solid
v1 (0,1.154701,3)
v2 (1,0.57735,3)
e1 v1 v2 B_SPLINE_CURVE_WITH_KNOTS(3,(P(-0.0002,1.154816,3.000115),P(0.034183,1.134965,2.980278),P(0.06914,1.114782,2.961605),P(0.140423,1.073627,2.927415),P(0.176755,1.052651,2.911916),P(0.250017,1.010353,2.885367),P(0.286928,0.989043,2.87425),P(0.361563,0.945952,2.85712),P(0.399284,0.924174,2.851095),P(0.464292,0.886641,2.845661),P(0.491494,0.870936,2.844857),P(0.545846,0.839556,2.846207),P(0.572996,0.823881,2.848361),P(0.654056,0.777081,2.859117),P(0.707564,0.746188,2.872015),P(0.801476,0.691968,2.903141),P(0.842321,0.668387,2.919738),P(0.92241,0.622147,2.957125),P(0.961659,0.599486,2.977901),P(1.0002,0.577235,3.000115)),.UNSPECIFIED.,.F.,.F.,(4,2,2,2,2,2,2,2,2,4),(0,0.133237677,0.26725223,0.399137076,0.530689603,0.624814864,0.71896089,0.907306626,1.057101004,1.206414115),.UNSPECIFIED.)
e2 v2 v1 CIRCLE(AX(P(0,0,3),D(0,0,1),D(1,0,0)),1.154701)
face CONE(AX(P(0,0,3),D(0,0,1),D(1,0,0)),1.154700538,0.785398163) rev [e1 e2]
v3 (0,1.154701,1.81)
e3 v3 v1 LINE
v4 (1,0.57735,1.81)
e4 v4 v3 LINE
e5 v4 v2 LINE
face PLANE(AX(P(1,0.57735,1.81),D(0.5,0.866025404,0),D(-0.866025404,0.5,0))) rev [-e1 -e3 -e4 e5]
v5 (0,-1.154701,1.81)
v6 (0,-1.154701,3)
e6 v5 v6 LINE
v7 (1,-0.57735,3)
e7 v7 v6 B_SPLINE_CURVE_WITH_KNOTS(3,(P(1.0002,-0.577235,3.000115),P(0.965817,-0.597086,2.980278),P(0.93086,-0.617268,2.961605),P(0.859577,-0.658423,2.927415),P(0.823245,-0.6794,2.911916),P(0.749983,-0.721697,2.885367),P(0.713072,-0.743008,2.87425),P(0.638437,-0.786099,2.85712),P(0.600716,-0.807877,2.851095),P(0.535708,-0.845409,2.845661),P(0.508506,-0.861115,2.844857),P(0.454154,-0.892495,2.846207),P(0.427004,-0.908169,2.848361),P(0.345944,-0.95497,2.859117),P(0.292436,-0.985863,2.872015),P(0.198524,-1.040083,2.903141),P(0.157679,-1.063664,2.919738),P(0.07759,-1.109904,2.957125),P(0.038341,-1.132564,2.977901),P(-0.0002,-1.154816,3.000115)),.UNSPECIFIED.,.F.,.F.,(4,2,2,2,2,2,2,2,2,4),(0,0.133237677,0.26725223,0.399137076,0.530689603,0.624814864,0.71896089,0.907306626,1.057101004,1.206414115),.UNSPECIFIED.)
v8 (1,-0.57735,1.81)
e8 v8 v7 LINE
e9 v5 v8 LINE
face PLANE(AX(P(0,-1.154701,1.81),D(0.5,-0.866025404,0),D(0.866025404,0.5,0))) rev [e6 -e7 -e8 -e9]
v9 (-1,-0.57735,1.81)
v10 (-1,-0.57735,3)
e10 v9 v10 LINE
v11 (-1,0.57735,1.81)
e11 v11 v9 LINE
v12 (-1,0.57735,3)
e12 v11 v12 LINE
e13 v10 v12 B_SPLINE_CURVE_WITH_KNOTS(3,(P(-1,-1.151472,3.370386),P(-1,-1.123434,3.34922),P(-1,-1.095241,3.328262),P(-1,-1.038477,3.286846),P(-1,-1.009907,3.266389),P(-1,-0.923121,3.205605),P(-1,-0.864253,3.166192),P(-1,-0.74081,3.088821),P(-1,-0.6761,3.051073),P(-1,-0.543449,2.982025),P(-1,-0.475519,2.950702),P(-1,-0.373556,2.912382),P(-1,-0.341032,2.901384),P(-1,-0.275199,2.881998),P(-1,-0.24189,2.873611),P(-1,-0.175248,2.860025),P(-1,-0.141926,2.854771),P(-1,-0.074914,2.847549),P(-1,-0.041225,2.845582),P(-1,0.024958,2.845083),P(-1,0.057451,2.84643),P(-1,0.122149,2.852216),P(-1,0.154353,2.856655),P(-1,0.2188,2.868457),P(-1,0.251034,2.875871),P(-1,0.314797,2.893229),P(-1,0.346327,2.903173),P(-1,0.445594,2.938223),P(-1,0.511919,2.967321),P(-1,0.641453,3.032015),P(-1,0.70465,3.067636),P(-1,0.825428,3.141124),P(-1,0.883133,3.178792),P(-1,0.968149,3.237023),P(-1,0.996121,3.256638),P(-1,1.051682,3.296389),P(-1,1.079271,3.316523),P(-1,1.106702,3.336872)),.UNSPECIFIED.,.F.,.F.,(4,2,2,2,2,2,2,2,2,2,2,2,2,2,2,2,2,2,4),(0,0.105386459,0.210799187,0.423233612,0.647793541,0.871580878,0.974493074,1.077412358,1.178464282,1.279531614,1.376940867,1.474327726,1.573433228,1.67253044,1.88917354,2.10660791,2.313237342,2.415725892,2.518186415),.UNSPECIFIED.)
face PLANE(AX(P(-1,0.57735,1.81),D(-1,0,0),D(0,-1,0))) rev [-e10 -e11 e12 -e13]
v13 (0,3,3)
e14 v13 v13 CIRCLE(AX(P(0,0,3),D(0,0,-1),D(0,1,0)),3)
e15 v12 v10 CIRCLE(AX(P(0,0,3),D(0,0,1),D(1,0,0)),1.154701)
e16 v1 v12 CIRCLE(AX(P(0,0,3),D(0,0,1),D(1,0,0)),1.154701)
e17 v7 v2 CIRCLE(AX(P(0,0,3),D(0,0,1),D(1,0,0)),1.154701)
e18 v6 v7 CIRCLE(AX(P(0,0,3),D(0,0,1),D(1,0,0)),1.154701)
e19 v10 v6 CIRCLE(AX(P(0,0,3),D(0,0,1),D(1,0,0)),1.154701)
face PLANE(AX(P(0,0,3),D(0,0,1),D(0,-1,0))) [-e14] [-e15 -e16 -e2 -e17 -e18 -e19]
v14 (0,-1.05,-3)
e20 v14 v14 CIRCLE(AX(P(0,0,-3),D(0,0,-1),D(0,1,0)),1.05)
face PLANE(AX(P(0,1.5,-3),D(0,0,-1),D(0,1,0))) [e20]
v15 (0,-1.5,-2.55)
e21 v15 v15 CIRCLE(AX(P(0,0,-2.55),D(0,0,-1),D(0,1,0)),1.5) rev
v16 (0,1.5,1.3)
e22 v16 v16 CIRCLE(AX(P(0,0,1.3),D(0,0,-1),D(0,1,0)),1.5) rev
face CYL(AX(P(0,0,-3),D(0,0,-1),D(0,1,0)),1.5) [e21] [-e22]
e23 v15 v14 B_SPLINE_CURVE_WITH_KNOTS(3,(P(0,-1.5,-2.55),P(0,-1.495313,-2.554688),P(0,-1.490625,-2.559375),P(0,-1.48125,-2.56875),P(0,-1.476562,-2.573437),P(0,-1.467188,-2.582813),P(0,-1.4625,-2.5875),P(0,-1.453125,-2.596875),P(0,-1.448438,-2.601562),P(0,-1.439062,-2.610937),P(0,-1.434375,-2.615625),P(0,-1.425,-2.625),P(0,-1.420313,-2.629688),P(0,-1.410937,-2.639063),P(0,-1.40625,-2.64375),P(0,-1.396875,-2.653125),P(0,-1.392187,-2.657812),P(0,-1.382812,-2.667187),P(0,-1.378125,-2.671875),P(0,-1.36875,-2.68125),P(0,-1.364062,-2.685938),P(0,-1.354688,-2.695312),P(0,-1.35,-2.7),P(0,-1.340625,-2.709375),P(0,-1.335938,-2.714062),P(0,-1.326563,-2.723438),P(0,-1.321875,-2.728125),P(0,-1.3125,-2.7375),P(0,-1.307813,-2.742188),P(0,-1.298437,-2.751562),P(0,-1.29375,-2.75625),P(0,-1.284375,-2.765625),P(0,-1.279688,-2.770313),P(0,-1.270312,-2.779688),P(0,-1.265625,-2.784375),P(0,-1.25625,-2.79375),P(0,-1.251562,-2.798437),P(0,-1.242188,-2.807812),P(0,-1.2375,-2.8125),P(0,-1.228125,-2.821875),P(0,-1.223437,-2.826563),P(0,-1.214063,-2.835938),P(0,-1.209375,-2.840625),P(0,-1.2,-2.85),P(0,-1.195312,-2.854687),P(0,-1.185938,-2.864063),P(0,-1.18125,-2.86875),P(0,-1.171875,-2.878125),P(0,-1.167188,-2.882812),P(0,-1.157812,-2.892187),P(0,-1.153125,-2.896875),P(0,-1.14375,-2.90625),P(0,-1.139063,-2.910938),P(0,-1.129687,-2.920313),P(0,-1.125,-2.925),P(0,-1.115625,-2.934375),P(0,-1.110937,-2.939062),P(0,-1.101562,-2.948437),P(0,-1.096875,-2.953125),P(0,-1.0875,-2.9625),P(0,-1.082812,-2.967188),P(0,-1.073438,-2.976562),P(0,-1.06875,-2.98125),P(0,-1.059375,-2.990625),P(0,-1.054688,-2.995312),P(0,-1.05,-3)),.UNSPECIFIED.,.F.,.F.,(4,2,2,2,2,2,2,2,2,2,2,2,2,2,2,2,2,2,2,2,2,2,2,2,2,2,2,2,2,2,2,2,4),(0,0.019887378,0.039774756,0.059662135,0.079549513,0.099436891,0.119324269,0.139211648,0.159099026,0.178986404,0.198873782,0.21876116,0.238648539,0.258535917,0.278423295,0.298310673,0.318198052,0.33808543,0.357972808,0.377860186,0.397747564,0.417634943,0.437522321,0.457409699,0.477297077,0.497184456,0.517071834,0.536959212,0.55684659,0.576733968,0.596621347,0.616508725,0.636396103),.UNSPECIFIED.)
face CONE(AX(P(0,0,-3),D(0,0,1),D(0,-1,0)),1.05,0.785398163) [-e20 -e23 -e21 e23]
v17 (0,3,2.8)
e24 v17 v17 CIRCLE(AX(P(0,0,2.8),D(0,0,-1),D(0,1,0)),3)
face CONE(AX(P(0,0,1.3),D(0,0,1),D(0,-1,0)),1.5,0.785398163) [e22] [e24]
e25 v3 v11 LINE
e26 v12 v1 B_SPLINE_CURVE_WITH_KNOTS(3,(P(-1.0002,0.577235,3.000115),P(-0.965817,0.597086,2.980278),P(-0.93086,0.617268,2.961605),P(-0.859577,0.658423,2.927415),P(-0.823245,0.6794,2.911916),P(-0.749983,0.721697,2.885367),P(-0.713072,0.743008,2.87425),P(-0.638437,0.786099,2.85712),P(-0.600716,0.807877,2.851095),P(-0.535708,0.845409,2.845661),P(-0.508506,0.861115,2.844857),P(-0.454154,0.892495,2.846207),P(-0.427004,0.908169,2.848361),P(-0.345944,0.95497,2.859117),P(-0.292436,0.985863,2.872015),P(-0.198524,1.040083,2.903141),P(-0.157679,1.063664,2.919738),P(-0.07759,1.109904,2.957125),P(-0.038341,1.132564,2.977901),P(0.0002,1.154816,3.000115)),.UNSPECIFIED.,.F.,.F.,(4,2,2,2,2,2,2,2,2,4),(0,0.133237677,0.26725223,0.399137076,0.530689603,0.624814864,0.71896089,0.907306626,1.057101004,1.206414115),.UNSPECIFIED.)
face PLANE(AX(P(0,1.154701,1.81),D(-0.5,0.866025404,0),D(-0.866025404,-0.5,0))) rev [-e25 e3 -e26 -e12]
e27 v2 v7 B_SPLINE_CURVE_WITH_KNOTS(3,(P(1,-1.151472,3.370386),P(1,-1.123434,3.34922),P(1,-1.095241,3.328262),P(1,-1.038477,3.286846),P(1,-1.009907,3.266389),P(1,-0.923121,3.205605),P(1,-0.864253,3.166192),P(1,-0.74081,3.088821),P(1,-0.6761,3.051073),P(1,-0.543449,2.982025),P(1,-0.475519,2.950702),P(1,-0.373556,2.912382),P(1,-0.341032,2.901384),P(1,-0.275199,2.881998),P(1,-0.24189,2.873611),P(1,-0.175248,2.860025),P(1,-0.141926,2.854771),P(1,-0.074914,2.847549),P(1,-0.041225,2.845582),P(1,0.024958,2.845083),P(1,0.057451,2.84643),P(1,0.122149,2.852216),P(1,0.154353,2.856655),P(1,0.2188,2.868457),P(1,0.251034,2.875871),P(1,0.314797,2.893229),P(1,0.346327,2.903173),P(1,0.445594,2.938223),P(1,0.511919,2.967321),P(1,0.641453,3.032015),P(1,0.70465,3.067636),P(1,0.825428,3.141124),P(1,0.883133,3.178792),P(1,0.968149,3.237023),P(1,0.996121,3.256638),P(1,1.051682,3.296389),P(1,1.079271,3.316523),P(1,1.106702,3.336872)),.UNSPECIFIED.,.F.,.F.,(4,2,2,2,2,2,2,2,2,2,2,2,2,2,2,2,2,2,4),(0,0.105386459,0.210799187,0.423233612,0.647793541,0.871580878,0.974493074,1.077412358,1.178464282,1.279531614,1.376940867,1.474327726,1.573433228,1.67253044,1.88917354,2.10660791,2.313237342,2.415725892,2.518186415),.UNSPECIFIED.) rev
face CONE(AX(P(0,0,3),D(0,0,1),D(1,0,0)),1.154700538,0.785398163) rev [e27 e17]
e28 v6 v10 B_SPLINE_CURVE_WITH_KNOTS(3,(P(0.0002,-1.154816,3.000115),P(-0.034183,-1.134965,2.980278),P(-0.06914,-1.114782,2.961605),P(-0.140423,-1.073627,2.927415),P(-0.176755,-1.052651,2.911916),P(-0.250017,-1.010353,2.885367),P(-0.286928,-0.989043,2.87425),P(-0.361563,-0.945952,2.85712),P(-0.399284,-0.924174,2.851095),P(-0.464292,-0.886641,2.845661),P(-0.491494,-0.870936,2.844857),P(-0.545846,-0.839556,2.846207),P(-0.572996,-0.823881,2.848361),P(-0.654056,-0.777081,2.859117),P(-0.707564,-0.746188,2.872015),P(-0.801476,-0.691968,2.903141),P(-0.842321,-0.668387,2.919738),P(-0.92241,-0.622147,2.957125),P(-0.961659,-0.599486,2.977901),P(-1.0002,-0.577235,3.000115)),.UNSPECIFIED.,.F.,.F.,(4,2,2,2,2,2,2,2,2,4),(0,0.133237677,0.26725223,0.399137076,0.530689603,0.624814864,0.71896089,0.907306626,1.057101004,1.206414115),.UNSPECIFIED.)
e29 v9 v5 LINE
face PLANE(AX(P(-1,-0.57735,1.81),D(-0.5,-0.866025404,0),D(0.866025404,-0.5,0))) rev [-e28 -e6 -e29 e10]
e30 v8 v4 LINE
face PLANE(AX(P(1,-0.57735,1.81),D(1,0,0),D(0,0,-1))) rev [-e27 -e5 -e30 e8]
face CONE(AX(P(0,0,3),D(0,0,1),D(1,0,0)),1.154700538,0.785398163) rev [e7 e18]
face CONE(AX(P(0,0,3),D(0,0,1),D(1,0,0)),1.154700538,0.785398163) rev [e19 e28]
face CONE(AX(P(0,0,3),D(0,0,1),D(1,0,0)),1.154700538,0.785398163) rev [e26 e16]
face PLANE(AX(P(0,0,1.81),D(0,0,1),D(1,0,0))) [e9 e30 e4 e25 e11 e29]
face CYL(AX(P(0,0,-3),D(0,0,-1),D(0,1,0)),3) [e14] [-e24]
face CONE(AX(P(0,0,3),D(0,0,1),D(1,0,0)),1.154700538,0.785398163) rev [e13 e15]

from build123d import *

# Parameters (mm, degrees)
SKETCH3_W          = 6
SKETCH3_H          = 1.5
CHAMFER1_SIZE      = 0.45
CUT_EXTRUDE1_DEPTH = 1.19


with BuildPart() as part:
    # Sketch3 → Revolve1 (revolve)
    with BuildSketch(Plane(origin=(0, 0, 0), x_dir=(0, 0, -1), z_dir=(1, 0, 0))):
        with Locations((0, 0.75)):
            Rectangle(SKETCH3_W, SKETCH3_H)
    revolve(axis=Axis((0, 0, -3), (0, 0, 1)))

    # Chamfer1
    chamfer1_edges = [part.edges().sort_by_distance(p)[0] for p in [
        (0, -1.5, -3),
    ]]
    chamfer(chamfer1_edges, length=CHAMFER1_SIZE)

    # Sketch6 → Revolve2 (revolve)
    with BuildSketch(Plane(origin=(0, 0, 0), x_dir=(0, 0, -1), z_dir=(1, 0, 0))):
        Polygon((-3, 3), (-2.8, 3), (-1.3, 1.5), (-1.3, 0), (-3, 0), align=None)
    revolve(axis=Axis((0, 0, -3), (0, 0, 1)))

    # Sketch8 → Cut-Extrude1 (cut)
    with BuildSketch(Plane.XY.offset(3)):
        Polygon((0, 1.154700538), (-1, 0.577350269), (-1, -0.577350269), (0, -1.154700538), (1, -0.577350269), (1, 0.577350269), align=None)
    extrude(amount=-CUT_EXTRUDE1_DEPTH, mode=Mode.SUBTRACT)

    # Cut-Extrude2 cone 1 section (through the dimple's axis) → Cut-Extrude2 (revolve, cut)
    with BuildSketch(Plane(origin=(0, 0, 3), x_dir=(0, -1, 0), z_dir=(1, 0, 0))):
        Polygon((0, 0), (1.154700538, 0), (0, 1.154700538), align=None)
    revolve(axis=Axis((0, 0, 3), (0, 0, -1)), mode=Mode.SUBTRACT)


solid = part.part
